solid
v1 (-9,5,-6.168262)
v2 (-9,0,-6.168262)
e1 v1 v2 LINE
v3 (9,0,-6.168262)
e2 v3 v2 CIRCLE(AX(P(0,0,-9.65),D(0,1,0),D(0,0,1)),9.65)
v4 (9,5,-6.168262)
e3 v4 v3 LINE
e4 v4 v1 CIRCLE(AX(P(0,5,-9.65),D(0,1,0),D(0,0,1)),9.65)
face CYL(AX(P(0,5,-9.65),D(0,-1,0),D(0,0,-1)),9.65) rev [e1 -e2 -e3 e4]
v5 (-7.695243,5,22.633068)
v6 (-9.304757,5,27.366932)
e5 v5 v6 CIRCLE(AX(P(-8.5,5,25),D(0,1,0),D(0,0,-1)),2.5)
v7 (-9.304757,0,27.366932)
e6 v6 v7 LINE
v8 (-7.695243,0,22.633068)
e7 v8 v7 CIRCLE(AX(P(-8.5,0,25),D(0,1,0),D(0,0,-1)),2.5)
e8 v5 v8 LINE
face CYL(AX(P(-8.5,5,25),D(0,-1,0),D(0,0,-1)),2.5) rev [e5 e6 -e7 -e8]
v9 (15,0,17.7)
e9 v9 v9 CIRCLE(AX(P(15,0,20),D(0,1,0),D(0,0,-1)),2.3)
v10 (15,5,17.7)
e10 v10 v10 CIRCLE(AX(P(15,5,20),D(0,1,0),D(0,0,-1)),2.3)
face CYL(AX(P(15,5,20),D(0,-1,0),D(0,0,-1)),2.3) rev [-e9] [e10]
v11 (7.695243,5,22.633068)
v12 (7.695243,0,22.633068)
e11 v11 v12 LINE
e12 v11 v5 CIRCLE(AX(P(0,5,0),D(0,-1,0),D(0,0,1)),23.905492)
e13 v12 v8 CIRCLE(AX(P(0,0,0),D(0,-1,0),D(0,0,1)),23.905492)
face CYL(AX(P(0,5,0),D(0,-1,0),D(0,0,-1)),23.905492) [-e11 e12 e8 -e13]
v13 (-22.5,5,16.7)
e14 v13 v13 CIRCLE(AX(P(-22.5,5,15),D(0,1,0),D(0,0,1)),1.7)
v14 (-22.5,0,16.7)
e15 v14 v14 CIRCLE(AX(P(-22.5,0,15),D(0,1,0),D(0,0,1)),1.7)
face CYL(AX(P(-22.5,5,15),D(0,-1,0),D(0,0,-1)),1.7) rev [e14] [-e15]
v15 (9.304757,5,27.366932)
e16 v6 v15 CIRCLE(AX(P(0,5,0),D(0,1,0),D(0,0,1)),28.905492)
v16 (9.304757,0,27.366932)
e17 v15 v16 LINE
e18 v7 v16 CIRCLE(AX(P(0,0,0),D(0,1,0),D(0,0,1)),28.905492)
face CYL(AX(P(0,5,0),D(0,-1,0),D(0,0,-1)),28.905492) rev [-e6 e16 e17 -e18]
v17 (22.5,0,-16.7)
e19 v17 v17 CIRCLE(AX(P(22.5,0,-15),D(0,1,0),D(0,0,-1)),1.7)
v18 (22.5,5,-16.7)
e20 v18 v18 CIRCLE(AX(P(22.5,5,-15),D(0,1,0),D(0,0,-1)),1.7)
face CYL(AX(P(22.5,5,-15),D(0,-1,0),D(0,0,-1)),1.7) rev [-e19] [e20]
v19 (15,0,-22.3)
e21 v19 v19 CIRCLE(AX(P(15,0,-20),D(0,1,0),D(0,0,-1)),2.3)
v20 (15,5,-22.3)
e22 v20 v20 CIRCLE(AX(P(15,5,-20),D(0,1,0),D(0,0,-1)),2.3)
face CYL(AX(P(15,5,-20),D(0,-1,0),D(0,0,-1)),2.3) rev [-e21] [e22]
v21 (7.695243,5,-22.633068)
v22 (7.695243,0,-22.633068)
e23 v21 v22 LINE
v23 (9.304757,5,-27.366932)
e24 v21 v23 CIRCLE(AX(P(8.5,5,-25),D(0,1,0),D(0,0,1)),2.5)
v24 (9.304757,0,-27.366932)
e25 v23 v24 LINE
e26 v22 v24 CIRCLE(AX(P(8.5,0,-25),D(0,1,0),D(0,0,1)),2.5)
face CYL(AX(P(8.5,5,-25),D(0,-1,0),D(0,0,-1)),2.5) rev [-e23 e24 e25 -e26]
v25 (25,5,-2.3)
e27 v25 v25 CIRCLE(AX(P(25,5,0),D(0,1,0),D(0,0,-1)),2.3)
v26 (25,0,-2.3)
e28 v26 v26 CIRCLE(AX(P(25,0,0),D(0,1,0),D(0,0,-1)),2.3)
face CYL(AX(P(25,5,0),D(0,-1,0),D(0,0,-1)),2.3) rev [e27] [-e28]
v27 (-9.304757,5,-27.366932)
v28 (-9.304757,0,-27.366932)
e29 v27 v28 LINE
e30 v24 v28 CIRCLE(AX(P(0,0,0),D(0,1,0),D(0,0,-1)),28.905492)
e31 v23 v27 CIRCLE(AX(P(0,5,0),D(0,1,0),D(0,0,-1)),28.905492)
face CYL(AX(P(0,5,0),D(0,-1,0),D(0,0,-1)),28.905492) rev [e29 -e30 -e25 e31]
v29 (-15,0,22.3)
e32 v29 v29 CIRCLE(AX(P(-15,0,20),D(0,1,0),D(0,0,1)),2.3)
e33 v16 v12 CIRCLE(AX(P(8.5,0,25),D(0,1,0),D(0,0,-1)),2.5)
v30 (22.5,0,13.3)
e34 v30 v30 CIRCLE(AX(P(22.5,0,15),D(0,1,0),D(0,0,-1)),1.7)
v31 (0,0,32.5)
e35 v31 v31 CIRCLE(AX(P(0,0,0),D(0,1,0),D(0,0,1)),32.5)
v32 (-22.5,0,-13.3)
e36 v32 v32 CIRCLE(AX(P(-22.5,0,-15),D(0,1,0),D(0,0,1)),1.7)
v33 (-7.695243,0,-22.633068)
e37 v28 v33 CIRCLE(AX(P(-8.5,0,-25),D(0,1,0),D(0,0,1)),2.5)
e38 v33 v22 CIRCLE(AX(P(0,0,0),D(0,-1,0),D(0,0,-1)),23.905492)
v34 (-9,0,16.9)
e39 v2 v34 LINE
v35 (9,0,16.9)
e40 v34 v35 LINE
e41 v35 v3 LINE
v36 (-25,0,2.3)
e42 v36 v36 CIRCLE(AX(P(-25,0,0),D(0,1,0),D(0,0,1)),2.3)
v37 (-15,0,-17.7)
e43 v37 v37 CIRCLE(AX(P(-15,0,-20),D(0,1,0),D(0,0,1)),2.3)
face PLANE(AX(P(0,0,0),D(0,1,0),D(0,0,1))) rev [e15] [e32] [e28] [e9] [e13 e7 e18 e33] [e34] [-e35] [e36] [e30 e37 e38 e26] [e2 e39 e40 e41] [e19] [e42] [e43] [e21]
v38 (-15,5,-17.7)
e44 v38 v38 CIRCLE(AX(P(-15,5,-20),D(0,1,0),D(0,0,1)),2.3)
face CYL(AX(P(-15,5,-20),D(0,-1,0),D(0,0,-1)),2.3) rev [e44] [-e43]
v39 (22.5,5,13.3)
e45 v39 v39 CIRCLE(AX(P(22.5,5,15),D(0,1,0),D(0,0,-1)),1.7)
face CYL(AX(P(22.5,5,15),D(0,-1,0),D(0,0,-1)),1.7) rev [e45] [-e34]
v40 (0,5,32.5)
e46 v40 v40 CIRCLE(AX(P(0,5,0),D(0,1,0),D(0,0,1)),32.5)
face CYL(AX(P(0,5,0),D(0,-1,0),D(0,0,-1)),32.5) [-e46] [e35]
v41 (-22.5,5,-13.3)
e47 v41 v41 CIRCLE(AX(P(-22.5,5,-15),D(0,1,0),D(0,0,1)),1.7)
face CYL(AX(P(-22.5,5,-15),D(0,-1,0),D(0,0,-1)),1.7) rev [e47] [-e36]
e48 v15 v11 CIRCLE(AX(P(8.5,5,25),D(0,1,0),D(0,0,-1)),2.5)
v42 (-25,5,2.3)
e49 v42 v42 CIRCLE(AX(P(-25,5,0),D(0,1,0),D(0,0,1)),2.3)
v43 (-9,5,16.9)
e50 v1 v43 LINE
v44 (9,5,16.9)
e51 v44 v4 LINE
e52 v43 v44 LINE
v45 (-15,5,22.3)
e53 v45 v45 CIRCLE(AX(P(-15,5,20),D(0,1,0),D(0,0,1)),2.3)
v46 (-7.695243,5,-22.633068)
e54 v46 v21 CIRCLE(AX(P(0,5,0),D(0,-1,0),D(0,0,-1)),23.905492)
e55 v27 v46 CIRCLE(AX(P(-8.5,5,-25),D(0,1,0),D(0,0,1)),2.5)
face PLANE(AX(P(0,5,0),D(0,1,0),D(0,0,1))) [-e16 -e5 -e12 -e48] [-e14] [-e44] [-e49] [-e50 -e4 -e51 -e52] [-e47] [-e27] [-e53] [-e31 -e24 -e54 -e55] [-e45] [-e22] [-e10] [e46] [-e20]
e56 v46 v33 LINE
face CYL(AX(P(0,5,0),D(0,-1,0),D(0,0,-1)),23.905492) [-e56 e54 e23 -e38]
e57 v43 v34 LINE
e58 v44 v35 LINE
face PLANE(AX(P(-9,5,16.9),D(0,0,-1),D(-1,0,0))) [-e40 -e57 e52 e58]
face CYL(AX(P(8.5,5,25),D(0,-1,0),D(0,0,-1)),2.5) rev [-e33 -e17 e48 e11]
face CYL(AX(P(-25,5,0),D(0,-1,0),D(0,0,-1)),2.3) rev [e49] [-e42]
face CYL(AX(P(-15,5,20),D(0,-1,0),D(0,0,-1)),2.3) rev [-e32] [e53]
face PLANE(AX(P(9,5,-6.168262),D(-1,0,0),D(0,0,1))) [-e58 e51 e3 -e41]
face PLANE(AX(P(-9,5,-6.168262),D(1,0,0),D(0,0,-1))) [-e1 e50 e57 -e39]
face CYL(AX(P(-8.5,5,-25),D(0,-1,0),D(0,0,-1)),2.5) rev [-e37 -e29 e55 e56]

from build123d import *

# Parameters (mm, degrees)
SKETCH1_R           = 32.5
SKETCH1_R_2         = 2.3
SKETCH1_R_3         = 1.7
BOSS_EXTRUDE1_DEPTH = 5


with BuildPart() as part:
    # Sketch1 → Boss-Extrude1 (new body)
    with BuildSketch(Plane(origin=(0, 0, 0), x_dir=(1, 0, 0), z_dir=(0, 1, 0))):
        with Locations(Location((0, 0, 0), (0, 0, 270))):
            Circle(SKETCH1_R)
        with Locations(Location((-15, 20, 0), (0, 0, 270))):
            Circle(SKETCH1_R_2, mode=Mode.SUBTRACT)
        with Locations(Location((-22.5, 15, 0), (0, 0, 270))):
            Circle(SKETCH1_R_3, mode=Mode.SUBTRACT)
        with Locations(Location((-15, -20, 0), (0, 0, 270))):
            Circle(SKETCH1_R_2, mode=Mode.SUBTRACT)
        with Locations(Location((-25, 0, 0), (0, 0, 270))):
            Circle(SKETCH1_R_2, mode=Mode.SUBTRACT)
        with Locations(Location((-22.5, -15, 0), (0, 0, 270))):
            Circle(SKETCH1_R_3, mode=Mode.SUBTRACT)
        with Locations(Location((15, -20, 0), (0, 0, 90))):
            Circle(SKETCH1_R_2, mode=Mode.SUBTRACT)
        with Locations(Location((22.5, -15, 0), (0, 0, 90))):
            Circle(SKETCH1_R_3, mode=Mode.SUBTRACT)
        with Locations(Location((25, 0, 0), (0, 0, 90))):
            Circle(SKETCH1_R_2, mode=Mode.SUBTRACT)
        with Locations(Location((22.5, 15, 0), (0, 0, 90))):
            Circle(SKETCH1_R_3, mode=Mode.SUBTRACT)
        with Locations(Location((15, 20, 0), (0, 0, 90))):
            Circle(SKETCH1_R_2, mode=Mode.SUBTRACT)
        with BuildLine():
            Line((-9, 6.168261928), (-9, -16.9))
            Line((-9, -16.9), (9, -16.9))
            Line((9, -16.9), (9, 6.168261928))
            ThreePointArc((9, 6.168261928), (0, 19.3), (-9, 6.168261928))
        make_face(mode=Mode.SUBTRACT)
        with BuildLine():
            ThreePointArc((7.695243167, 22.633068138), (10.866931862, 24.195243167), (9.304756833, 27.366931862))
            ThreePointArc((9.304756833, 27.366931862), (0, 28.905491853), (-9.304756833, 27.366931862))
            ThreePointArc((-9.304756833, 27.366931862), (-10.866931862, 24.195243167), (-7.695243167, 22.633068138))
            ThreePointArc((-7.695243167, 22.633068138), (0, 23.905491853), (7.695243167, 22.633068138))
        make_face(mode=Mode.SUBTRACT)
        with BuildLine():
            ThreePointArc((7.695243167, -22.633068138), (10.866931862, -24.195243167), (9.304756833, -27.366931862))
            ThreePointArc((9.304756833, -27.366931862), (0, -28.905491853), (-9.304756833, -27.366931862))
            ThreePointArc((-9.304756833, -27.366931862), (-10.866931862, -24.195243167), (-7.695243167, -22.633068138))
            ThreePointArc((-7.695243167, -22.633068138), (0, -23.905491853), (7.695243167, -22.633068138))
        make_face(mode=Mode.SUBTRACT)
    extrude(amount=BOSS_EXTRUDE1_DEPTH)


solid = part.part
